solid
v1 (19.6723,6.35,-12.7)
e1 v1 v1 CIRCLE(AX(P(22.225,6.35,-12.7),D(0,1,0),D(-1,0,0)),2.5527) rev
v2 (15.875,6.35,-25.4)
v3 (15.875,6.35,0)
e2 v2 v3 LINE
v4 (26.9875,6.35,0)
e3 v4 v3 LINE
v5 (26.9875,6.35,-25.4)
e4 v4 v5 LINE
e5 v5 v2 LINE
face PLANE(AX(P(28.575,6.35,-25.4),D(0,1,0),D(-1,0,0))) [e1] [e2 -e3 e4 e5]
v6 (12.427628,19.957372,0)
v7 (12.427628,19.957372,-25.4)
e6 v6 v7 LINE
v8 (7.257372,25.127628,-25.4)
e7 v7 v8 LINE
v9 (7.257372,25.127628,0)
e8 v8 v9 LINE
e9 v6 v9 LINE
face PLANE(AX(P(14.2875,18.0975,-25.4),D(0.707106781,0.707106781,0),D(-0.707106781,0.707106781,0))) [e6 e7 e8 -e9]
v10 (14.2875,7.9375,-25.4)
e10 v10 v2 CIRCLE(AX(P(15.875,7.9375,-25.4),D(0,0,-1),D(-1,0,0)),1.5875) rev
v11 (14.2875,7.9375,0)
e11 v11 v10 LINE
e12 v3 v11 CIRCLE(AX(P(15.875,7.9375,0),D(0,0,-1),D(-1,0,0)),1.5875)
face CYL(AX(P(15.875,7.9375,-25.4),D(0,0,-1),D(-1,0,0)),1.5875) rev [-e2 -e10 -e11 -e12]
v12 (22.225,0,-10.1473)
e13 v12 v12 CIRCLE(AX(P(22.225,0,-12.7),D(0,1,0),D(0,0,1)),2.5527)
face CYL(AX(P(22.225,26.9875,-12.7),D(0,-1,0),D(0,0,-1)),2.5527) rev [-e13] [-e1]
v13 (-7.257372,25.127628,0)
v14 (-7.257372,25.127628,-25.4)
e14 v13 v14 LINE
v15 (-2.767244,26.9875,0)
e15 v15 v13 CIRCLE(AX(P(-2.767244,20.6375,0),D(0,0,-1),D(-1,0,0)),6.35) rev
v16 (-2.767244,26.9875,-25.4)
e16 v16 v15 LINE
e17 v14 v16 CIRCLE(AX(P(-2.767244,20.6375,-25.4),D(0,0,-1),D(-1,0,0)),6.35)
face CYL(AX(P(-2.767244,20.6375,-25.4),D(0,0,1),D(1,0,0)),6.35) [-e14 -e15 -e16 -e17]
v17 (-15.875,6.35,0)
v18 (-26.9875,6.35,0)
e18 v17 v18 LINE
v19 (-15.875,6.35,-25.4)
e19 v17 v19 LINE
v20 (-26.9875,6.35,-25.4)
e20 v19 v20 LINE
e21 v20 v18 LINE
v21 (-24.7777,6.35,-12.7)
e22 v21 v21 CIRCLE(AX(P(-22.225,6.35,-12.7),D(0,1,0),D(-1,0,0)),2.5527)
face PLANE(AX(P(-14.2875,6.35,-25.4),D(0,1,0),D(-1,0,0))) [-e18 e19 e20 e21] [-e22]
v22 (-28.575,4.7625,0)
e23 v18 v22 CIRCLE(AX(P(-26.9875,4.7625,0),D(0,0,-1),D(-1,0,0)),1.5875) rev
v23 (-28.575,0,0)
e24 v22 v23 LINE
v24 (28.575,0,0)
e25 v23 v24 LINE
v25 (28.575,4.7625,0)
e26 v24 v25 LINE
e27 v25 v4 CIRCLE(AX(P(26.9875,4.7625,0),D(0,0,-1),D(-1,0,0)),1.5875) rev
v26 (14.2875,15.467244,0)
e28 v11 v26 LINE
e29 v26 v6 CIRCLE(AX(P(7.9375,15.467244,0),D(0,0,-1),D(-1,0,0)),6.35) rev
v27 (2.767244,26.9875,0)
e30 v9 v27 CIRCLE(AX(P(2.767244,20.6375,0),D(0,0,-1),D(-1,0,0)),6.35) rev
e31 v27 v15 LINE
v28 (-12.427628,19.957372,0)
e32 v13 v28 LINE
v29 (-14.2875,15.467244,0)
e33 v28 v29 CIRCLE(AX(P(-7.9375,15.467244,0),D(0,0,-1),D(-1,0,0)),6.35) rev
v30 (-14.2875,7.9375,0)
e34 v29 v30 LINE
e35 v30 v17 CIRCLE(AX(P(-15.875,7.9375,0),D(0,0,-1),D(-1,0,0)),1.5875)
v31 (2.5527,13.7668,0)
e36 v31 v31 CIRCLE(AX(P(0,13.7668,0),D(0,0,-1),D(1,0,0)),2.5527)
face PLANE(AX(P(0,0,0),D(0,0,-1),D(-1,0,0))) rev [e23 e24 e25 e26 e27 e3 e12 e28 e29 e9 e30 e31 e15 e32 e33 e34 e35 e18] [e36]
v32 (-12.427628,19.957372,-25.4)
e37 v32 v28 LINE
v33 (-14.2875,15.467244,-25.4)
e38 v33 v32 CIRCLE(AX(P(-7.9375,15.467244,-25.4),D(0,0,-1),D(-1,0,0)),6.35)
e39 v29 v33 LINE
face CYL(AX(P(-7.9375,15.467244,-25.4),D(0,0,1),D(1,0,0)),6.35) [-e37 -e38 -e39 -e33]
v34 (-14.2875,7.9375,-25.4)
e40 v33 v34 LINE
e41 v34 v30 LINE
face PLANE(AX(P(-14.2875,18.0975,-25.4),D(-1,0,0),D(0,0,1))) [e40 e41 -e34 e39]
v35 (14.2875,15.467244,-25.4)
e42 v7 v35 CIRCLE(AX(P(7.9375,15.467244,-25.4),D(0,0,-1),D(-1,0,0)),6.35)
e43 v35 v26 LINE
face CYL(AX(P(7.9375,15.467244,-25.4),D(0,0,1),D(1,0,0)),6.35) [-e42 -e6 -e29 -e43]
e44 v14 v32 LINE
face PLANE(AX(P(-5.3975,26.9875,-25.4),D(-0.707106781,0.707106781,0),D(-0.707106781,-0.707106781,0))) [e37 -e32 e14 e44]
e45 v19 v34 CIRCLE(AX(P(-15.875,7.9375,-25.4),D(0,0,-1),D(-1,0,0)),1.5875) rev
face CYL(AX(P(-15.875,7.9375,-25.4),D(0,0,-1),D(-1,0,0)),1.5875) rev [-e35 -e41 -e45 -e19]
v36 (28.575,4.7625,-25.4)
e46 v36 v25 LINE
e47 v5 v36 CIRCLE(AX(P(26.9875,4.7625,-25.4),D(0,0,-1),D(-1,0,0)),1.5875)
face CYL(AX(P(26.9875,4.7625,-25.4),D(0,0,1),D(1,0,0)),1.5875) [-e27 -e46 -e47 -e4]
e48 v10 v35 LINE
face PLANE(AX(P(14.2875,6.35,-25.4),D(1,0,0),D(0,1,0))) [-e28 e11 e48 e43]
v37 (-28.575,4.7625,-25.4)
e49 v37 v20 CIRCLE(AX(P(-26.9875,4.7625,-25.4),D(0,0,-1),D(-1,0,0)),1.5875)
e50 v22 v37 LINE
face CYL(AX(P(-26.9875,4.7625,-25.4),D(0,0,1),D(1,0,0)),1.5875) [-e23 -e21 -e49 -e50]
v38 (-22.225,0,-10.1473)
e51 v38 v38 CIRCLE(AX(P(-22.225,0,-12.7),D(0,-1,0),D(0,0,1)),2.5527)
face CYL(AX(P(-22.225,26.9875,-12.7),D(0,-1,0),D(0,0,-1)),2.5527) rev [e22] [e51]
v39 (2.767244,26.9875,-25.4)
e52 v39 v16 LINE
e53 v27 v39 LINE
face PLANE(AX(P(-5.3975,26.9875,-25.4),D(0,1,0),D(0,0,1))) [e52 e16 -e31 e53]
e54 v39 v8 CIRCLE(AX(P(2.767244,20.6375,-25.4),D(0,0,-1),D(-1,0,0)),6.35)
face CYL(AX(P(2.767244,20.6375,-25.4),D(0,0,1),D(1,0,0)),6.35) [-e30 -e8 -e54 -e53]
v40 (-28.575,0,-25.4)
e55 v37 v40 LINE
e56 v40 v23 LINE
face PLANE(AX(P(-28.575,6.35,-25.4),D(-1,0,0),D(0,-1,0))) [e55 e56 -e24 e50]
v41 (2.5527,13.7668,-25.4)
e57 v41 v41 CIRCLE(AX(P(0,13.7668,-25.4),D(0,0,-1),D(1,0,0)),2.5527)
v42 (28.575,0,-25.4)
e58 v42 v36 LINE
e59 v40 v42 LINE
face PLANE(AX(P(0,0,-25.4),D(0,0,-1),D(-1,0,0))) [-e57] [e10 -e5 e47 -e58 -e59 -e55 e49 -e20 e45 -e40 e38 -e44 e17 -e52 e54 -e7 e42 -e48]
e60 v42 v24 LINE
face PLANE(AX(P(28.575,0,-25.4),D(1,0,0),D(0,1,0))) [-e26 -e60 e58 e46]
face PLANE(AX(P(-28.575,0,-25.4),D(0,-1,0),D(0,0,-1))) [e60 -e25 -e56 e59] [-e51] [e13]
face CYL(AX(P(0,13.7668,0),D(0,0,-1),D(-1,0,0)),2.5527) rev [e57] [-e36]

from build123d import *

# Parameters (mm, degrees)
BOSS_EXTRUDE1_DEPTH = 25.4
FILLET1_R           = 1.5875
FILLET3_R           = 6.35
SKETCH2_R           = 2.5527
CUT_EXTRUDE1_DEPTH  = 47.797604439
SKETCH4_R           = 2.5527
CUT_EXTRUDE2_DEPTH  = 47.797604439


with BuildPart() as part:
    # Sketch1 → Boss-Extrude1 (new body)
    with BuildSketch(Plane.XY):
        Polygon((-5.3975, 26.9875), (5.3975, 26.9875), (14.2875, 18.0975), (14.2875, 6.35), (28.575, 6.35), (28.575, 0), (-28.575, 0), (-28.575, 6.35), (-14.2875, 6.35), (-14.2875, 18.0975), align=None)
    extrude(amount=-BOSS_EXTRUDE1_DEPTH)

    # Fillet1
    fillet1_edges = [part.edges().sort_by_distance(p)[0] for p in [
        (14.2875, 6.35, -12.7),
        (28.575, 6.35, -12.7),
        (-28.575, 6.35, -12.7),
        (-14.2875, 6.35, -12.7),
    ]]
    fillet(fillet1_edges, radius=FILLET1_R)

    # Fillet3
    fillet3_edges = [part.edges().sort_by_distance(p)[0] for p in [
        (-5.3975, 26.9875, -12.7),
        (5.3975, 26.9875, -12.7),
        (14.2875, 18.0975, -12.7),
        (-14.2875, 18.0975, -12.7),
    ]]
    fillet(fillet3_edges, radius=FILLET3_R)

    # Sketch2 → Cut-Extrude1 (cut, through all)
    with BuildSketch(Plane.XZ):
        with Locations(Location((-22.225, -12.7, 0), (0, 0, 180))):
            Circle(SKETCH2_R)
    cut_extrude1 = extrude(amount=-CUT_EXTRUDE1_DEPTH, mode=Mode.SUBTRACT)

    # Mirror1: Cut-Extrude1 across plane
    add(cut_extrude1.mirror(Plane(origin=(0, 0, 0), x_dir=(0, 0, 1), z_dir=(1, 0, 0))), mode=Mode.SUBTRACT)

    # Sketch4 → Cut-Extrude2 (cut, through all)
    with BuildSketch(Plane(origin=(0, 0, -25.4), x_dir=(-1, 0, 0), z_dir=(0, 0, -1))):
        with Locations(Location((0, 13.7668, 0), (0, 0, 180))):
            Circle(SKETCH4_R)
    extrude(amount=-CUT_EXTRUDE2_DEPTH, mode=Mode.SUBTRACT)


solid = part.part
